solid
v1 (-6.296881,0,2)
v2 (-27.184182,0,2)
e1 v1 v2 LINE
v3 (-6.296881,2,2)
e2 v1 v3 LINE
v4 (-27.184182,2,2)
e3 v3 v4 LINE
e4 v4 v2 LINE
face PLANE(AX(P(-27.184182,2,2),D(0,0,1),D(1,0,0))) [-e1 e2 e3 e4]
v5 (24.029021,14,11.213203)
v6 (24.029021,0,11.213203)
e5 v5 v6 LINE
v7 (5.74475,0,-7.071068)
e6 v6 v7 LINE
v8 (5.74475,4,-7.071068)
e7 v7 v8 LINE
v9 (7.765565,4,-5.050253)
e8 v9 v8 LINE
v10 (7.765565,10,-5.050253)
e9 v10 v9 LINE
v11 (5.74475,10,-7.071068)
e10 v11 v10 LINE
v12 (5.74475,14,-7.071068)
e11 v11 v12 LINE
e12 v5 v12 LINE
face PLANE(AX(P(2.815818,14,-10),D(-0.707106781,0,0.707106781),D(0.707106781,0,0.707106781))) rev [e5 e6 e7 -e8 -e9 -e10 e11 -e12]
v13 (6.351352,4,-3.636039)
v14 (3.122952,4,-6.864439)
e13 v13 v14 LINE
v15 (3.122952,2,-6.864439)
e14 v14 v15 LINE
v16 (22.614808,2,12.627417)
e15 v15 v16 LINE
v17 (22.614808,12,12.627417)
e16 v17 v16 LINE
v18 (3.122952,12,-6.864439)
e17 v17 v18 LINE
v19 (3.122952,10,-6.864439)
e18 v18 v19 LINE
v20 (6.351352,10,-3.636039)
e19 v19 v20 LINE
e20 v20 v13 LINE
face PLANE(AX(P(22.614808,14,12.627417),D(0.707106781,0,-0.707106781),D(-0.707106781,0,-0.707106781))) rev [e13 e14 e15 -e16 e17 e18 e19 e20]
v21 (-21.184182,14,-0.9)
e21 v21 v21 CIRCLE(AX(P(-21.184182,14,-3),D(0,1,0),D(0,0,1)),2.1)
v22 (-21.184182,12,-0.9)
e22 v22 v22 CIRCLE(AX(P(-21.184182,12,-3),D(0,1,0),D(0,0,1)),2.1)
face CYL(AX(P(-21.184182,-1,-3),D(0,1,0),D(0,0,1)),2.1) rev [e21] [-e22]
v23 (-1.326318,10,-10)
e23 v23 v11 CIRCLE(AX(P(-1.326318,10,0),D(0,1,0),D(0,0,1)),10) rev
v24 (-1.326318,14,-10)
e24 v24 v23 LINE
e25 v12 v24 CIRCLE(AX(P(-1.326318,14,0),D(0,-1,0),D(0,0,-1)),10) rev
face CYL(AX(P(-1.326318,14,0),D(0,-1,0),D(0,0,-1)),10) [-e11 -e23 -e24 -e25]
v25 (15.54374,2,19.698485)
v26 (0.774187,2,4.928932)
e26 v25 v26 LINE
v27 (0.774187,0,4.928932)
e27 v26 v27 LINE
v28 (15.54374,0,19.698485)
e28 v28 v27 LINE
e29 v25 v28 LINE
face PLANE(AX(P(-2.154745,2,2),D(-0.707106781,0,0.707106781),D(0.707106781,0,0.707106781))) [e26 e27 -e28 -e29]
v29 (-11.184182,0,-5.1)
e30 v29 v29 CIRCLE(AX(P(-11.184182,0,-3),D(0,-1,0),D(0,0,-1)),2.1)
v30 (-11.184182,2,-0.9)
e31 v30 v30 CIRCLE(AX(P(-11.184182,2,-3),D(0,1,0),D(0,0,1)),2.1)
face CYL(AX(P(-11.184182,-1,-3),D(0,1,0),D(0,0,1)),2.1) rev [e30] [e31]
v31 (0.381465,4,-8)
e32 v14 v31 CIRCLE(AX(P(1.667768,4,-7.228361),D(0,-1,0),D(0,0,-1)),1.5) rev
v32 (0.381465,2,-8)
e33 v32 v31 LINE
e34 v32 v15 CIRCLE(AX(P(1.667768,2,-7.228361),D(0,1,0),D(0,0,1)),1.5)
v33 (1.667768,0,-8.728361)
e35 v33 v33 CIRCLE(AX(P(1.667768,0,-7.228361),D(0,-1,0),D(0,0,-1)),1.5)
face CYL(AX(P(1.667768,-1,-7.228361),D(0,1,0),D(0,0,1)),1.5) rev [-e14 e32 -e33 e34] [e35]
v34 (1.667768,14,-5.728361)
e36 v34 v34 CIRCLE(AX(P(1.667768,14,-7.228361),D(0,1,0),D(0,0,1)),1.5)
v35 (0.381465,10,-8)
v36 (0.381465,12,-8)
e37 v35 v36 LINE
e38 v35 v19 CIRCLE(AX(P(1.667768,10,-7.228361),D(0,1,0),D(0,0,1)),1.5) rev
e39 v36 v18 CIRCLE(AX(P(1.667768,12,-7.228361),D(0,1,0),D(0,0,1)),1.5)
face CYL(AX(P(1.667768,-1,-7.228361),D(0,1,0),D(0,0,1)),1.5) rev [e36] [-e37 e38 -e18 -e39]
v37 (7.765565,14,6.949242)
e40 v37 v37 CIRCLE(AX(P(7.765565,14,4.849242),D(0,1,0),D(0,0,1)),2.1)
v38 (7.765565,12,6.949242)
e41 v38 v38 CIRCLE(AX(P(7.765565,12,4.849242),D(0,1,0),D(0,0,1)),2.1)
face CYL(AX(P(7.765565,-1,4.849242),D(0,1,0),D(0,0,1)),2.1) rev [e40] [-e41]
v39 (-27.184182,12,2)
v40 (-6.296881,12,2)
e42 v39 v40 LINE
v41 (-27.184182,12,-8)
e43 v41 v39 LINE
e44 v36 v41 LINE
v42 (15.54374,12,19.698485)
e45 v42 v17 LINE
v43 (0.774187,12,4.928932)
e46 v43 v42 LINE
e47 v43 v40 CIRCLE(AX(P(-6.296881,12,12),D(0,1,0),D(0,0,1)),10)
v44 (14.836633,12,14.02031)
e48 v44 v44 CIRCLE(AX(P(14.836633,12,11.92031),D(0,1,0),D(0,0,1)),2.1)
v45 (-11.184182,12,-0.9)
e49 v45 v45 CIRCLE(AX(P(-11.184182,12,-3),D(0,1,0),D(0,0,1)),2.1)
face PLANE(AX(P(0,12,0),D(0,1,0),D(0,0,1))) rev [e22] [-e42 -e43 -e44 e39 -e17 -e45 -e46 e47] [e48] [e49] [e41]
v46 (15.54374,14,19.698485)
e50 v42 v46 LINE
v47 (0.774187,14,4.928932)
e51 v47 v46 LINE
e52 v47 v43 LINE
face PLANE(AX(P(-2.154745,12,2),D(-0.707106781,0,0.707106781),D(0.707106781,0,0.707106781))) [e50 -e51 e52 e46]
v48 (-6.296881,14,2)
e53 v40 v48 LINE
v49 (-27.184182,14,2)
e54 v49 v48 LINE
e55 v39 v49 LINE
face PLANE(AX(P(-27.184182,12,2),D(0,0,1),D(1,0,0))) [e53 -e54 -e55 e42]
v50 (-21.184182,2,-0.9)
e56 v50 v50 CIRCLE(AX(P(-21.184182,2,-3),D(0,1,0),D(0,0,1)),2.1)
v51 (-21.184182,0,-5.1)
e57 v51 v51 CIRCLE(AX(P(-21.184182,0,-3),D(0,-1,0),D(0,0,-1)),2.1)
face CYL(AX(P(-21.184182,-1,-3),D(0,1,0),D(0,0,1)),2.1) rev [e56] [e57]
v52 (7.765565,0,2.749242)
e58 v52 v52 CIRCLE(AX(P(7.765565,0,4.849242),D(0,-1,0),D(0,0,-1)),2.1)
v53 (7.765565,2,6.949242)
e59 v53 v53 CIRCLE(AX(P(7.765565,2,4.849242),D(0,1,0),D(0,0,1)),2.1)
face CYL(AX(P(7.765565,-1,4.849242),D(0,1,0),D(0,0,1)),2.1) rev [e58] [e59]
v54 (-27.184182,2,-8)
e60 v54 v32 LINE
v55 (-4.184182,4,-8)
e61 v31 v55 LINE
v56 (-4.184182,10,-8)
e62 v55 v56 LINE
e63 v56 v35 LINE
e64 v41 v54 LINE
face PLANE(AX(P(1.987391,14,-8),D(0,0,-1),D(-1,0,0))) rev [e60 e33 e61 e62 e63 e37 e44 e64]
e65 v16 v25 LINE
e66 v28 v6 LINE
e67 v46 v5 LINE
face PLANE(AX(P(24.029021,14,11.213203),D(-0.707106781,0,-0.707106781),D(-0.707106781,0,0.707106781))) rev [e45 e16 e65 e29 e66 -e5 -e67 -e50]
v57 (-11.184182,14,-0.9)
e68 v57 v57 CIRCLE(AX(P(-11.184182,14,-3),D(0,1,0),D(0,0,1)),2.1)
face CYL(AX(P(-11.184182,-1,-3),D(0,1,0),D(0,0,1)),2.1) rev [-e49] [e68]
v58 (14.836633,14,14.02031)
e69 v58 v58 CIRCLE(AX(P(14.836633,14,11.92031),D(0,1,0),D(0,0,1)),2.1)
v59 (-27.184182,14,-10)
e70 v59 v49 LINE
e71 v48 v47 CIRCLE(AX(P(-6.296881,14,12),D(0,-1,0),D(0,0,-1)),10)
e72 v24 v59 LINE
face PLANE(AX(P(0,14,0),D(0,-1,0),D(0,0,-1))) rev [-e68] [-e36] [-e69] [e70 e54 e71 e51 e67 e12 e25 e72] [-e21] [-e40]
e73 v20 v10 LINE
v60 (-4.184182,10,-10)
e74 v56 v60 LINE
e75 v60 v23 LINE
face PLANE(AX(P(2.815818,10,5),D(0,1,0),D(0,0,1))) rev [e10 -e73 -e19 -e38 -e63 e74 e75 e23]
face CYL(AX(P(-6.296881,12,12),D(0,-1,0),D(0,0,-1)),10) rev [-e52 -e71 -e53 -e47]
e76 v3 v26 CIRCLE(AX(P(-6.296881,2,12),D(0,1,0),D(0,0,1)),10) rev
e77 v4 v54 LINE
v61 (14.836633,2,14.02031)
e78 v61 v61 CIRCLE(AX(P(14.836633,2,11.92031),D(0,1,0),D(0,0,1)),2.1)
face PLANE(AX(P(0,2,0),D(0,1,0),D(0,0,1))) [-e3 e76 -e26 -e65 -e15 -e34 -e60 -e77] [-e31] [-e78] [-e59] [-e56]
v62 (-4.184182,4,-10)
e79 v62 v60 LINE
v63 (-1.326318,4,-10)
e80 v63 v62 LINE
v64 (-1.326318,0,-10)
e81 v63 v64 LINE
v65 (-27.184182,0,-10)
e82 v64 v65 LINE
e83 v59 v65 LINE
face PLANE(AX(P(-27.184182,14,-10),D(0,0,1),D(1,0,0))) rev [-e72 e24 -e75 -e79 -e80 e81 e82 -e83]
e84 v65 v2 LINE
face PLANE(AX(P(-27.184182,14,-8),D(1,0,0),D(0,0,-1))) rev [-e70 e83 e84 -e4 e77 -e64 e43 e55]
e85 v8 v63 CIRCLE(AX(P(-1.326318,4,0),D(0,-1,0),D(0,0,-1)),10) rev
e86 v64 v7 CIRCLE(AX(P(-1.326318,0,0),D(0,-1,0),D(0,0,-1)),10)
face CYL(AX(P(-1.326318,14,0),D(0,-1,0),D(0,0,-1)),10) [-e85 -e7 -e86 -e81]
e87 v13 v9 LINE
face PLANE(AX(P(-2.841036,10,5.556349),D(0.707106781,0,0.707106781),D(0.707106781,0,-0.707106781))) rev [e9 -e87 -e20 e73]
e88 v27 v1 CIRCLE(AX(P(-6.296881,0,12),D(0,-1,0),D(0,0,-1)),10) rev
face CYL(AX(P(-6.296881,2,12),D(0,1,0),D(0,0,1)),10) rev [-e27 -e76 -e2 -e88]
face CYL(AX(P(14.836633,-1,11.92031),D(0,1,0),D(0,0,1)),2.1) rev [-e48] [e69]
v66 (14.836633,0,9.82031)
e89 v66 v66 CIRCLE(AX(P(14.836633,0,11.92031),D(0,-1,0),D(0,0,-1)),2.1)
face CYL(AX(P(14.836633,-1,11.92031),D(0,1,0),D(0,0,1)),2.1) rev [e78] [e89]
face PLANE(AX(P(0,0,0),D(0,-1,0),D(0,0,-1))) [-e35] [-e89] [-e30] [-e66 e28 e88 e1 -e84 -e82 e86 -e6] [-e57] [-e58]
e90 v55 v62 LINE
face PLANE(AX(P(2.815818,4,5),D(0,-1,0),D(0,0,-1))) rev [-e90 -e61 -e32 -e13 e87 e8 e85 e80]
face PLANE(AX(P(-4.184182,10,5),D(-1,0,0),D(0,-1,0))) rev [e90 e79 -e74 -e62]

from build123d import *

# Parameters (mm, degrees)
BOSS_EXTRUDE1_DEPTH = 14
BOSS_EXTRUDE2_DEPTH = 2
BOSS_EXTRUDE3_DEPTH = 2
SKETCH4_R           = 2.1
CUT_EXTRUDE1_DEPTH  = 15
SKETCH5_R           = 1.5
CUT_EXTRUDE2_DEPTH  = 15
SKETCH6_W           = 7
SKETCH6_H           = 6
CUT_EXTRUDE3_DEPTH  = 15
SKETCH7_W           = 7
SKETCH7_H           = 6
CUT_EXTRUDE4_DEPTH  = 15
FILLET2_R           = 10
FILLET3_R           = 10


with BuildPart() as part:
    # Sketch1 → Boss-Extrude1 (new body)
    with BuildSketch(Plane(origin=(0, 0, 0), x_dir=(1, 0, 0), z_dir=(0, 1, 0))):
        Polygon((-27.184182145, 10), (2.815817855, 10), (24.029021291, -11.213203436), (22.614807728, -12.627416998), (1.98739073, 8), (-27.184182145, 8), align=None)
    extrude(amount=BOSS_EXTRUDE1_DEPTH)

    # Sketch2 → Boss-Extrude2 (add)
    with BuildSketch(Plane(origin=(0, 14, 0), x_dir=(1, 0, 0), z_dir=(0, 1, 0))):
        Polygon((-27.184182145, 8), (-27.184182145, -2), (-2.154744893, -2), (15.543739917, -19.69848481), (22.614807728, -12.627416998), (1.98739073, 8), align=None)
    extrude(amount=-BOSS_EXTRUDE2_DEPTH)

    # Sketch3 → Boss-Extrude3 (add)
    with BuildSketch(Plane.XZ):
        Polygon((-27.184182145, -8), (-27.184182145, 2), (-2.154744893, 2), (15.543739917, 19.69848481), (22.614807728, 12.627416998), (1.98739073, -8), align=None)
    extrude(amount=-BOSS_EXTRUDE3_DEPTH)

    # Sketch4 → Cut-Extrude1 (cut)
    with BuildSketch(Plane(origin=(0, 14, 0), x_dir=(1, 0, 0), z_dir=(0, 1, 0))):
        with Locations(Location((-21.184182145, 3, 0), (0, 0, 270))):
            Circle(SKETCH4_R)
        with Locations(Location((-11.184182145, 3, 0), (0, 0, 270))):
            Circle(SKETCH4_R)
        with Locations(Location((7.765565323, -4.849242405, 0), (0, 0, 270))):
            Circle(SKETCH4_R)
        with Locations(Location((14.836633135, -11.920310217, 0), (0, 0, 270))):
            Circle(SKETCH4_R)
    extrude(amount=-CUT_EXTRUDE1_DEPTH, mode=Mode.SUBTRACT)

    # Sketch5 → Cut-Extrude2 (cut)
    with BuildSketch(Plane(origin=(0, 14, 0), x_dir=(1, 0, 0), z_dir=(0, 1, 0))):
        with Locations(Location((1.667767558, 7.228361402, 0), (0, 0, 270))):
            Circle(SKETCH5_R)
    extrude(amount=-CUT_EXTRUDE2_DEPTH, mode=Mode.SUBTRACT)

    # Sketch6 → Cut-Extrude3 (cut)
    with BuildSketch(Plane(origin=(0, 0, -10), x_dir=(-1, 0, 0), z_dir=(0, 0, -1))):
        with Locations((0.684182145, 7)):
            Rectangle(SKETCH6_W, SKETCH6_H)
    extrude(amount=-CUT_EXTRUDE3_DEPTH, mode=Mode.SUBTRACT)

    # Sketch7 → Cut-Extrude4 (cut)
    with BuildSketch(Plane(origin=(6.407908928, 0, -6.407908928), x_dir=(-0.7071067811865465, 0, -0.7071067811865487), z_dir=(0.7071067811865487, 0, -0.7071067811865465))):
        with Locations((1.579983912, 7)):
            Rectangle(SKETCH7_W, SKETCH7_H)
    extrude(amount=-CUT_EXTRUDE4_DEPTH, mode=Mode.SUBTRACT)

    # Fillet2
    fillet2_edges = [part.edges().sort_by_distance(p)[0] for p in [
        (2.815817855, 2, -10),
        (2.815817855, 12, -10),
    ]]
    fillet(fillet2_edges, radius=FILLET2_R)

    # Fillet3
    fillet3_edges = [part.edges().sort_by_distance(p)[0] for p in [
        (-2.154744893, 13, 2),
        (-2.154744893, 1, 2),
    ]]
    fillet(fillet3_edges, radius=FILLET3_R)


solid = part.part
